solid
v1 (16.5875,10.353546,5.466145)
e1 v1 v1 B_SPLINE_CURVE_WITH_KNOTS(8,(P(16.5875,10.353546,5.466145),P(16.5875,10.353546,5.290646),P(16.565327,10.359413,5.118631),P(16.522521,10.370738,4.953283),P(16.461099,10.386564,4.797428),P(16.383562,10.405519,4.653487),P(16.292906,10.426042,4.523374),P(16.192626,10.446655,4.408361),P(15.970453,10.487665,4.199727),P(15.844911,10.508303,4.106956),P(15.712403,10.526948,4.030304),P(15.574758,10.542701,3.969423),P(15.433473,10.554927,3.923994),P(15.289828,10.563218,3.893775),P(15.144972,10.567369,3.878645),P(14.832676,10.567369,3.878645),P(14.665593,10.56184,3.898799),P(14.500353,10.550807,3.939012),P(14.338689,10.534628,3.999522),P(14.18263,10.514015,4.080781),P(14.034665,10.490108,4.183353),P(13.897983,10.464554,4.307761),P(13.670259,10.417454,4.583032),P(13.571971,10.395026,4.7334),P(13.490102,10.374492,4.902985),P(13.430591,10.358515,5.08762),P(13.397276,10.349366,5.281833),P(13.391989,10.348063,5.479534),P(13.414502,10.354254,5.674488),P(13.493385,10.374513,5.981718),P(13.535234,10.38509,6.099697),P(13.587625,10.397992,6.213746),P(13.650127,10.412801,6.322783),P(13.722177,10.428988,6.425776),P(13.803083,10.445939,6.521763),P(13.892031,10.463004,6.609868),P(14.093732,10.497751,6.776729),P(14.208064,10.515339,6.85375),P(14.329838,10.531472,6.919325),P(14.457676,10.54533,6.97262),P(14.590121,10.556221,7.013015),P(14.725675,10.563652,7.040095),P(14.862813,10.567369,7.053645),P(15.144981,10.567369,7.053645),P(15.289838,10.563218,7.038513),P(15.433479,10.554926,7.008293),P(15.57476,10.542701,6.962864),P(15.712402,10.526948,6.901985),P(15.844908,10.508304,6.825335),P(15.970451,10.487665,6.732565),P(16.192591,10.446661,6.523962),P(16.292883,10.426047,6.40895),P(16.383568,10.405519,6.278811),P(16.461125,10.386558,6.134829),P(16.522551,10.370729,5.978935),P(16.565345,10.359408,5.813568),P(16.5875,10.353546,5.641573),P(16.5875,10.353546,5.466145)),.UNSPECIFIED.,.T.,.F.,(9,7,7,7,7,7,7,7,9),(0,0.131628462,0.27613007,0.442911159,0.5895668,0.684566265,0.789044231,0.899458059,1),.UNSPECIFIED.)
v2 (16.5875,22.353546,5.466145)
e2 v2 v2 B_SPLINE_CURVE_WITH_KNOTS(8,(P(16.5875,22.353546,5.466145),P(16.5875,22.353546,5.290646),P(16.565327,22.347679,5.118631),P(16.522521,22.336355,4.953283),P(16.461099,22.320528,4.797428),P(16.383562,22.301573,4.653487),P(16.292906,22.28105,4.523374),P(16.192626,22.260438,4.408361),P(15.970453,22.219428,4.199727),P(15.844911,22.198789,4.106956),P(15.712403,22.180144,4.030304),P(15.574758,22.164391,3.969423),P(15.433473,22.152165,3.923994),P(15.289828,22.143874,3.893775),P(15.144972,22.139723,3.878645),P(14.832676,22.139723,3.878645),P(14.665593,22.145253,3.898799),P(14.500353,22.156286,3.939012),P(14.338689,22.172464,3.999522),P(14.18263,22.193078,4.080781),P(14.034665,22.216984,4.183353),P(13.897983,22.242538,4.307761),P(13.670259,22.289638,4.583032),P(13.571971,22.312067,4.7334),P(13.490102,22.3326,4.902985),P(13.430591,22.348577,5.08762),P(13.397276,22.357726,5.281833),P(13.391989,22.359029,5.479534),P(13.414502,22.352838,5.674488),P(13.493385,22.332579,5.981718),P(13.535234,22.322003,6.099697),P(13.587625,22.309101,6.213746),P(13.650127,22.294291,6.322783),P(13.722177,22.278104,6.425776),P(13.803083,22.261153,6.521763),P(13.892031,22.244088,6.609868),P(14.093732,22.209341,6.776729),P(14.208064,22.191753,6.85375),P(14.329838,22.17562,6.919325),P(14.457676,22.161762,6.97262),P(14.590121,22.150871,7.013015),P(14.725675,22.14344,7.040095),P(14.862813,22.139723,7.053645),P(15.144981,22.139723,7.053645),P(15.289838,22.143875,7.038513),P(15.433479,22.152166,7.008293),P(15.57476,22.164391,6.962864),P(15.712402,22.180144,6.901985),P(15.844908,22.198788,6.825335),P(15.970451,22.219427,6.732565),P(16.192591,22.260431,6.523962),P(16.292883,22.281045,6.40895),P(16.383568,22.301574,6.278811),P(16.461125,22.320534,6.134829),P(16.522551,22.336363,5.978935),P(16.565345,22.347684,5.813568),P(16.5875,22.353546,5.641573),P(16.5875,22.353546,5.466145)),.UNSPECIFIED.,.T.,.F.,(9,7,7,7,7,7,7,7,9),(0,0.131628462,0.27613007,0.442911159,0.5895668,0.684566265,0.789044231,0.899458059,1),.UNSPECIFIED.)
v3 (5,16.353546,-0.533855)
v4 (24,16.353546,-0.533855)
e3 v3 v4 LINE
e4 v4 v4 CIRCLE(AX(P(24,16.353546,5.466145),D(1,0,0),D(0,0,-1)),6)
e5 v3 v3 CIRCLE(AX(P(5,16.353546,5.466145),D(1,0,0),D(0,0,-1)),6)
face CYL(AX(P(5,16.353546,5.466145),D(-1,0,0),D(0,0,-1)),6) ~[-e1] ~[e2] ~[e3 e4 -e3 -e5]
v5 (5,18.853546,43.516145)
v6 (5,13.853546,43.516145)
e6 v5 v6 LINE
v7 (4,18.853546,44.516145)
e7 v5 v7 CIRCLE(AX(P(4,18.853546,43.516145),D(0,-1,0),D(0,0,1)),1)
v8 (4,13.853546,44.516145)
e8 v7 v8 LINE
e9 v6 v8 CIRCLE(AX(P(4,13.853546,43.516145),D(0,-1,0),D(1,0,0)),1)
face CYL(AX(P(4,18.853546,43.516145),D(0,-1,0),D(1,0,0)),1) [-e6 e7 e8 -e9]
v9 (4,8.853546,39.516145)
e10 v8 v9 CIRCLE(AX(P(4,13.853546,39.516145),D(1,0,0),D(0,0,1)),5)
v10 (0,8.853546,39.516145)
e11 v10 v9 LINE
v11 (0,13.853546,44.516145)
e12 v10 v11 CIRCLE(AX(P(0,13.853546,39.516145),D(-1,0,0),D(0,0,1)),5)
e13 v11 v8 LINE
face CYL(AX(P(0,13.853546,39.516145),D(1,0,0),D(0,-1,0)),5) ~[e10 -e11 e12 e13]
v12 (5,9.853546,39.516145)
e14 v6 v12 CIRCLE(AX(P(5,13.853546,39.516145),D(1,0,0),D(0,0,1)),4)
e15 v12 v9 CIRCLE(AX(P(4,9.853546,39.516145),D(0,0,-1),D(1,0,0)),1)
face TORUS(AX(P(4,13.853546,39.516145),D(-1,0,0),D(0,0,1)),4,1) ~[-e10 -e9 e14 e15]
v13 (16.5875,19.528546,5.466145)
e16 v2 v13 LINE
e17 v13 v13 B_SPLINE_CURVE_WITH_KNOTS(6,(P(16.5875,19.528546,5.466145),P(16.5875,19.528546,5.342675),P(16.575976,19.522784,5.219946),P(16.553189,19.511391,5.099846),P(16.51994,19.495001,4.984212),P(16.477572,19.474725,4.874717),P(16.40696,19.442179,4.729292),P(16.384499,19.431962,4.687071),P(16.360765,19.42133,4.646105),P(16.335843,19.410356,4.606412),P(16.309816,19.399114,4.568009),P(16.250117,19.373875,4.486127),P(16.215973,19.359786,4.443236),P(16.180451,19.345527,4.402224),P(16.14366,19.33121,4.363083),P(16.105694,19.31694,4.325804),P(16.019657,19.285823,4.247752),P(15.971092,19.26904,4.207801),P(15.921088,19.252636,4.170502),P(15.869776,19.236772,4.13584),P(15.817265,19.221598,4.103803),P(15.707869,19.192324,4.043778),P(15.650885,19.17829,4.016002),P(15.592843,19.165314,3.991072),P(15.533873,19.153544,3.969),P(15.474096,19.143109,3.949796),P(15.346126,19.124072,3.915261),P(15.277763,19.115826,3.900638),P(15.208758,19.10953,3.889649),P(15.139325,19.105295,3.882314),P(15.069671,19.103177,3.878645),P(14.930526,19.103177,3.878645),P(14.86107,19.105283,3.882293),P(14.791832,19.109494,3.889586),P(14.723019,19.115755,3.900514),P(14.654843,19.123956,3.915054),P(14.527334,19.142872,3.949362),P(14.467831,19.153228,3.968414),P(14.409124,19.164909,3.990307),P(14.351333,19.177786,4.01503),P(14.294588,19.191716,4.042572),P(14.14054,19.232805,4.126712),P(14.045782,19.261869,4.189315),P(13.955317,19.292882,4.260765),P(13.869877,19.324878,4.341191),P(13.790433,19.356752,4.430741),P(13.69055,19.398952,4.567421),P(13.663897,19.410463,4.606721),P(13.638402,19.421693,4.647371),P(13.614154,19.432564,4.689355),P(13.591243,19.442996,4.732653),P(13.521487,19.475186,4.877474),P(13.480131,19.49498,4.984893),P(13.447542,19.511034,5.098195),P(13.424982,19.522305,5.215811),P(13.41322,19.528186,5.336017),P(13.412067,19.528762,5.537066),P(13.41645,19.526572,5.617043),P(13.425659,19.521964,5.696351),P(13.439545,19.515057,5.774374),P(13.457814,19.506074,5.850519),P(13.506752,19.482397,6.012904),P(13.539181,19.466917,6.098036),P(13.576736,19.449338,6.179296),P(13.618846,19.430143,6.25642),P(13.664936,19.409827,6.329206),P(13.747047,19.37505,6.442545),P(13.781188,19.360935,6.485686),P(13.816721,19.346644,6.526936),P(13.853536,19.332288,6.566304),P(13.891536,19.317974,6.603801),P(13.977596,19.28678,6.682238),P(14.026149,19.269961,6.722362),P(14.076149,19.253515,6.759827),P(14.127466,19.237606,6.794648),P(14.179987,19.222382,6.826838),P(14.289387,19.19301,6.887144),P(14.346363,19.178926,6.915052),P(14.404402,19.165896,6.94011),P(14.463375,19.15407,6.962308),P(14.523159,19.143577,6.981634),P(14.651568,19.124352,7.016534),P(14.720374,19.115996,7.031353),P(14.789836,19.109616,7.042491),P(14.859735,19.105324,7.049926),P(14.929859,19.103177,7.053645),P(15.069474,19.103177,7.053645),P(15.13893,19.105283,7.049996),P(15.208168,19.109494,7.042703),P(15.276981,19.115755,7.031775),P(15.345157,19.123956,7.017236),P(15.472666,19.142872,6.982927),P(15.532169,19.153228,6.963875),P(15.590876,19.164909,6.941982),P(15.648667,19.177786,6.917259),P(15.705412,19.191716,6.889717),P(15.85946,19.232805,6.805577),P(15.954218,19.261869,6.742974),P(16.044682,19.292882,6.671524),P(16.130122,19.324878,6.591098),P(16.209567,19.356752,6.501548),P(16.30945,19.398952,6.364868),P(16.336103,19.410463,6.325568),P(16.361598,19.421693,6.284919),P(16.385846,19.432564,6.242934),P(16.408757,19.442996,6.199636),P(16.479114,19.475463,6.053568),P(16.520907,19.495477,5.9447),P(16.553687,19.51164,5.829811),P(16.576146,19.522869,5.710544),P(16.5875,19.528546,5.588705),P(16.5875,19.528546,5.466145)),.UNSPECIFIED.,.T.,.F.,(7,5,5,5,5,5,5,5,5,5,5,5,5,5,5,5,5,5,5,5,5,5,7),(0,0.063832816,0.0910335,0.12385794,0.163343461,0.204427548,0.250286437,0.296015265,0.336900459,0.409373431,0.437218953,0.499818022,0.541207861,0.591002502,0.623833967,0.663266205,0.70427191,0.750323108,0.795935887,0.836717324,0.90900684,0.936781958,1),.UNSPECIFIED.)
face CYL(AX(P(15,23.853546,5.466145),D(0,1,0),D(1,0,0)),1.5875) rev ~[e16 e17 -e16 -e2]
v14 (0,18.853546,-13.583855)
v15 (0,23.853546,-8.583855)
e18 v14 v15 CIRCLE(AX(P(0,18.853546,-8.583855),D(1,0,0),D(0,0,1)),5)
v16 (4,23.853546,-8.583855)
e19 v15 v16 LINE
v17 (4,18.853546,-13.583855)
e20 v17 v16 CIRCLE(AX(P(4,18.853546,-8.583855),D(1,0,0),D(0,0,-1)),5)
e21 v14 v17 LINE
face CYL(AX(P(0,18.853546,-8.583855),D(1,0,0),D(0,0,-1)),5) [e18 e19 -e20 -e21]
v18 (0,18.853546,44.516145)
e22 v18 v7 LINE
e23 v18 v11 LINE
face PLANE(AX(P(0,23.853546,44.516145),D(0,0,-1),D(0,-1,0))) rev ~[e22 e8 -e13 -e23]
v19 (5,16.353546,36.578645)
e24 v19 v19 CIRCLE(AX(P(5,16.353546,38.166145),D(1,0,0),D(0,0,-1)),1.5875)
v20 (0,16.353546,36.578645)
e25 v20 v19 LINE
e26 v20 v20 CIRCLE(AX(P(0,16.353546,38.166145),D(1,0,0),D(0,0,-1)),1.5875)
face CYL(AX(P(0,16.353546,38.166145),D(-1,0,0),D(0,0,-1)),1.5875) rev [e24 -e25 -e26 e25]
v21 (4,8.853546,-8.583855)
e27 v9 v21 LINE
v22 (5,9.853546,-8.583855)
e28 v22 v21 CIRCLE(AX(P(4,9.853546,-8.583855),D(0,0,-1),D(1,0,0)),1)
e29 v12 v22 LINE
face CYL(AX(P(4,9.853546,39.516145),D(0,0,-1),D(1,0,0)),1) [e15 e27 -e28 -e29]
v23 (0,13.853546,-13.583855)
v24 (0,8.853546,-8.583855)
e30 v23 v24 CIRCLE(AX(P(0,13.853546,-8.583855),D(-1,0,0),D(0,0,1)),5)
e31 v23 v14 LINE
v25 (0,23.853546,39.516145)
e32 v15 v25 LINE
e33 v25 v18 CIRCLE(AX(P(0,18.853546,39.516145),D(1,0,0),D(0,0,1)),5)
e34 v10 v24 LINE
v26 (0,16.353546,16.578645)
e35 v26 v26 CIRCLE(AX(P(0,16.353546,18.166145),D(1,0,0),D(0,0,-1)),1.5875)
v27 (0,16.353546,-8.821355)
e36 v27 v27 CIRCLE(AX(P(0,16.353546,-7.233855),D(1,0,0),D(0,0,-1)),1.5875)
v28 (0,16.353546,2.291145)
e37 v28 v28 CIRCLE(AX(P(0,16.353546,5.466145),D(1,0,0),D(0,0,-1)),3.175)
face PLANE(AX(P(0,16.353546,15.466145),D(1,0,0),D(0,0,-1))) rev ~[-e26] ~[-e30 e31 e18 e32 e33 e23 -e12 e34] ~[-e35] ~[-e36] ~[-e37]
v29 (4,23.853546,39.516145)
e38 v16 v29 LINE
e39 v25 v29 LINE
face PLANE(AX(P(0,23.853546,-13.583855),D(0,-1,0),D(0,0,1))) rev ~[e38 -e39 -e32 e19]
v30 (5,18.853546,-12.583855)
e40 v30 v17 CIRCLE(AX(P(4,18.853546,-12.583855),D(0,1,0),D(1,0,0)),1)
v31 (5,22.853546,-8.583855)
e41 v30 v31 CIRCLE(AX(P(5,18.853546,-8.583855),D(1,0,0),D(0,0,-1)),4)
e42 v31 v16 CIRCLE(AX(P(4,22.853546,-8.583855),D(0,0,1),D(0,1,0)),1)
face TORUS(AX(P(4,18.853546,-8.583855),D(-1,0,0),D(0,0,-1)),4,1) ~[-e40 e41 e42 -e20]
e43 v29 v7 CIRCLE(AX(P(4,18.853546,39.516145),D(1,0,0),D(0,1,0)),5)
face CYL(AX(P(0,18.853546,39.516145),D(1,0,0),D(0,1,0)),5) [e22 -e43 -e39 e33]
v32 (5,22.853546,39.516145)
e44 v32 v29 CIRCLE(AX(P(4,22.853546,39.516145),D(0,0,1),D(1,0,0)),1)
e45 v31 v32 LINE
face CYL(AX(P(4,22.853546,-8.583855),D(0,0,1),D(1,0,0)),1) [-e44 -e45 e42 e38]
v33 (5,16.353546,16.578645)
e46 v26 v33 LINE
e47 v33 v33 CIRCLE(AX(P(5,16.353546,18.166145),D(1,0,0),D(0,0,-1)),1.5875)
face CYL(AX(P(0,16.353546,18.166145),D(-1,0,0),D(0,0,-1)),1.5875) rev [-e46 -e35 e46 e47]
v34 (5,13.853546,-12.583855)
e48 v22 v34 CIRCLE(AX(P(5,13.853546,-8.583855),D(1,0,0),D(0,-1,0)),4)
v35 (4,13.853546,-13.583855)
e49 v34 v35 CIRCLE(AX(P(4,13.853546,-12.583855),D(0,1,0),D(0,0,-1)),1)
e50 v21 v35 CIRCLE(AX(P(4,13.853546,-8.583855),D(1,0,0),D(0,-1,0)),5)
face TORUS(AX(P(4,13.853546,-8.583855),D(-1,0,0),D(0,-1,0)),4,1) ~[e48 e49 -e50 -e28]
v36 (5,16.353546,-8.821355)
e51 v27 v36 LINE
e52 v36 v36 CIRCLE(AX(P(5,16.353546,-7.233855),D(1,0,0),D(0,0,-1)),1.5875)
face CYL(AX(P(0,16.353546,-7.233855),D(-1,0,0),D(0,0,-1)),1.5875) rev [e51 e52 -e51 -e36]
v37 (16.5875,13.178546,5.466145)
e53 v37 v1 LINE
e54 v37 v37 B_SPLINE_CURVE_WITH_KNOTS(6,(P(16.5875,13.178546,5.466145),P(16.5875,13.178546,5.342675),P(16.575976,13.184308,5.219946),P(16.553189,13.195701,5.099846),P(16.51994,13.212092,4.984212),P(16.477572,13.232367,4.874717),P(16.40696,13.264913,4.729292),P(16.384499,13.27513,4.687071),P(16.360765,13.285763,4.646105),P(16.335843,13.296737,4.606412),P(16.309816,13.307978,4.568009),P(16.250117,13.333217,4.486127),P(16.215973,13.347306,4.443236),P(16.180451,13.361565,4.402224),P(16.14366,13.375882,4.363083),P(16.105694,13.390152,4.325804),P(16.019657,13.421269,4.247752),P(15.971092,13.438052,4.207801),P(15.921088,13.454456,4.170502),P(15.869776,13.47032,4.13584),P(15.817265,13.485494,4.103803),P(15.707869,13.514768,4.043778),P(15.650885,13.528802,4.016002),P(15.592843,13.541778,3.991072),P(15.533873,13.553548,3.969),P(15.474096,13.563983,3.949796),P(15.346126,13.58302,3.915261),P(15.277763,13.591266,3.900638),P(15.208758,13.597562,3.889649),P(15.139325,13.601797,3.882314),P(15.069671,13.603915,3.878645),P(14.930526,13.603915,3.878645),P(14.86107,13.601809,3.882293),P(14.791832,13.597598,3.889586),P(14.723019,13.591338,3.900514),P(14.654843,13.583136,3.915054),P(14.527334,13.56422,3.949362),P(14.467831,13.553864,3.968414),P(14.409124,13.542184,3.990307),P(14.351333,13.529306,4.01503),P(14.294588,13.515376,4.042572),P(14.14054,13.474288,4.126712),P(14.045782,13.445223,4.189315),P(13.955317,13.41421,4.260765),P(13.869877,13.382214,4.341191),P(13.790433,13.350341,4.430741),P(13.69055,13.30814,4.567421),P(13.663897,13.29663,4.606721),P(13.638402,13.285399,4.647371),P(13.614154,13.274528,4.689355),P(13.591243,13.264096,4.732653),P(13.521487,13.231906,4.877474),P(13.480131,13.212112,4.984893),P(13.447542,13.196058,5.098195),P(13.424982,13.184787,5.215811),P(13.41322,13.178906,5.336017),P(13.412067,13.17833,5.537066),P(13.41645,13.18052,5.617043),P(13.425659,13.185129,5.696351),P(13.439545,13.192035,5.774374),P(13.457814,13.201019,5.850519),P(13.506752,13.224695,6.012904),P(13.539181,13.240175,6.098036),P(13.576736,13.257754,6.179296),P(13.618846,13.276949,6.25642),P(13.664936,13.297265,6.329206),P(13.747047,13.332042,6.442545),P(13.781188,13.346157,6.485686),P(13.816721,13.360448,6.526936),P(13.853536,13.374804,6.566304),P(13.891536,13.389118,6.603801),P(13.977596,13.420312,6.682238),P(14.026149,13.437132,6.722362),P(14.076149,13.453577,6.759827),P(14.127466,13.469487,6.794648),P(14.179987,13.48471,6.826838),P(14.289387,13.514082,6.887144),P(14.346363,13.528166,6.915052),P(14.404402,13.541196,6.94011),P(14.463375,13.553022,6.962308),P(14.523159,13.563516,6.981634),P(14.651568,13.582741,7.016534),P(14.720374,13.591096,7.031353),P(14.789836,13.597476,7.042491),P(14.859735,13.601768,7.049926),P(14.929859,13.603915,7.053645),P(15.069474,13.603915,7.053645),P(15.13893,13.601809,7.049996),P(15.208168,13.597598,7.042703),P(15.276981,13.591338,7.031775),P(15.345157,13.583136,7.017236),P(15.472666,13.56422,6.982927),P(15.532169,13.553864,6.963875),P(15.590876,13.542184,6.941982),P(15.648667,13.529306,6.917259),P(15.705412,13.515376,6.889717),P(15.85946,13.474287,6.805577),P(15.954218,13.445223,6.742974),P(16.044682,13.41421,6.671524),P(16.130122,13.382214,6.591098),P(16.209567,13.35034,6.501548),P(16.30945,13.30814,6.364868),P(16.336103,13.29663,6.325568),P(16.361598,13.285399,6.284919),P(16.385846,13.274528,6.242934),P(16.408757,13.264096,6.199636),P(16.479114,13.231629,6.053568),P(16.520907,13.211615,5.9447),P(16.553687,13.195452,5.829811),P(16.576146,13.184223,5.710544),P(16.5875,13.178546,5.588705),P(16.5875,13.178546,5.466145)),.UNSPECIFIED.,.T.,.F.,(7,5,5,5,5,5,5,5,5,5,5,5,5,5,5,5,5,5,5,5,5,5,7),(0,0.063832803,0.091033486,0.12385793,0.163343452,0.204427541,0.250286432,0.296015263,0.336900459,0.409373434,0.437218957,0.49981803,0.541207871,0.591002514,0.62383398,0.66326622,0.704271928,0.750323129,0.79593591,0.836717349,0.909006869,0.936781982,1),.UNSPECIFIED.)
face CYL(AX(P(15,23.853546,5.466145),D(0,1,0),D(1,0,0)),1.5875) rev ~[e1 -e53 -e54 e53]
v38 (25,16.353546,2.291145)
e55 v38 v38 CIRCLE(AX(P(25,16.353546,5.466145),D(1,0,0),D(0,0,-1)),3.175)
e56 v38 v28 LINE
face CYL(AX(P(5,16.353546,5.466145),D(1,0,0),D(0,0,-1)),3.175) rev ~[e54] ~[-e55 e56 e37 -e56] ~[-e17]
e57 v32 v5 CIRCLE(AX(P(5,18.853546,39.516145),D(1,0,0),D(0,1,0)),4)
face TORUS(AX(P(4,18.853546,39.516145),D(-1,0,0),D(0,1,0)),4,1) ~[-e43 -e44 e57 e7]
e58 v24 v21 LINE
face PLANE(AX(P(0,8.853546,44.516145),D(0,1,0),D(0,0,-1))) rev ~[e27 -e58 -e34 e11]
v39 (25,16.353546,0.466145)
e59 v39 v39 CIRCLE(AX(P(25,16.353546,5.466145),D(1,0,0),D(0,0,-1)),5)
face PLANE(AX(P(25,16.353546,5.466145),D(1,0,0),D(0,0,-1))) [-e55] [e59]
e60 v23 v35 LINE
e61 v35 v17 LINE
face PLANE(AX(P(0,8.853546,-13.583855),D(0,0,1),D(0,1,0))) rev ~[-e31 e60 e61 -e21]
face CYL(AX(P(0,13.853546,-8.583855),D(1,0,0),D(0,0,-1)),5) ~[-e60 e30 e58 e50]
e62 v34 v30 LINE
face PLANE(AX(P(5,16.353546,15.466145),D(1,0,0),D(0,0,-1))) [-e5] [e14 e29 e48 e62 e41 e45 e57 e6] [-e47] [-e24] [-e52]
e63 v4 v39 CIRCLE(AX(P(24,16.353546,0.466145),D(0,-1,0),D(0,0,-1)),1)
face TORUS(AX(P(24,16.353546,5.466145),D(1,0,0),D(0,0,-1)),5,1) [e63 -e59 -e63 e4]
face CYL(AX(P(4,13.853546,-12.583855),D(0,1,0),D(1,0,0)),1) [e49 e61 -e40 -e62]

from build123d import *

# Parameters (mm, degrees)
SKETCH1_R           = 1.5875
BOSS_EXTRUDE1_DEPTH = 5
SKETCH2_R           = 6
SKETCH2_R_2         = 3.175
BOSS_EXTRUDE2_DEPTH = 20
FILLET1_R           = 5
FILLET2_R           = 1
SKETCH3_R           = 1.5875
CUT_EXTRUDE1_DEPTH  = 16
FILLET3_R           = 1
SKETCH4_R           = 3.175
CUT_EXTRUDE2_DEPTH  = 6


with BuildPart() as part:
    # Sketch1 → Boss-Extrude1 (new body)
    with BuildSketch(Plane(origin=(0, 0, 0), x_dir=(0, 0, -1), z_dir=(1, 0, 0))):
        Polygon((-24.516144589, 8.853546087), (13.583855411, 8.853546087), (13.583855411, 23.853546087), (-24.516144589, 23.853546087), (-44.516144589, 23.853546087), (-44.516144589, 8.853546087), align=None)
        with Locations((-18.166144589, 16.353546087)):
            Circle(SKETCH1_R, mode=Mode.SUBTRACT)
        with Locations((7.233855411, 16.353546087)):
            Circle(SKETCH1_R, mode=Mode.SUBTRACT)
        with Locations((-38.166144589, 16.353546087)):
            Circle(SKETCH1_R, mode=Mode.SUBTRACT)
    extrude(amount=BOSS_EXTRUDE1_DEPTH)

    # Sketch2 → Boss-Extrude2 (add)
    with BuildSketch(Plane(origin=(5, 0, 0), x_dir=(0, 0, -1), z_dir=(1, 0, 0))):
        with Locations((-5.466144589, 16.353546087)):
            Circle(SKETCH2_R)
        with Locations((-5.466144589, 16.353546087)):
            Circle(SKETCH2_R_2, mode=Mode.SUBTRACT)
    extrude(amount=BOSS_EXTRUDE2_DEPTH)

    # Fillet1
    fillet1_edges = [part.edges().sort_by_distance(p)[0] for p in [
        (2.5, 8.853546087, 44.516144589),
        (2.5, 23.853546087, 44.516144589),
        (2.5, 23.853546087, -13.583855411),
        (2.5, 8.853546087, -13.583855411),
    ]]
    fillet(fillet1_edges, radius=FILLET1_R)

    # Fillet2
    fillet2_edges = [part.edges().sort_by_distance(p)[0] for p in [
        (25, 16.353546087, 11.466144589),
    ]]
    fillet(fillet2_edges, radius=FILLET2_R)

    # Sketch3 → Cut-Extrude1 (cut, through all)
    with BuildSketch(Plane(origin=(0, 23.853546087, 0), x_dir=(1, 0, 0), z_dir=(0, 1, 0))):
        with Locations((15, -5.466144589)):
            Circle(SKETCH3_R)
    extrude(amount=-CUT_EXTRUDE1_DEPTH, mode=Mode.SUBTRACT)

    # Fillet3
    fillet3_edges = [part.edges().sort_by_distance(p)[0] for p in [
        (5, 8.853546087, 15.466144589),
        (5, 16.353546087, 44.516144589),
        (5, 16.353546087, -13.583855411),
        (5, 23.853546087, 15.466144589),
        (5, 22.389079993, -12.119389316),
        (5, 10.318012181, -12.119389316),
        (5, 22.389079993, 43.051678495),
        (5, 10.318012181, 43.051678495),
    ]]
    fillet(fillet3_edges, radius=FILLET3_R)

    # Sketch4 → Cut-Extrude2 (cut, through all)
    with BuildSketch(Plane(origin=(5, 0, 0), x_dir=(0, 0, -1), z_dir=(1, 0, 0))):
        with Locations((-5.466144589, 16.353546087)):
            Circle(SKETCH4_R)
    extrude(amount=-CUT_EXTRUDE2_DEPTH, mode=Mode.SUBTRACT)


solid = part.part
